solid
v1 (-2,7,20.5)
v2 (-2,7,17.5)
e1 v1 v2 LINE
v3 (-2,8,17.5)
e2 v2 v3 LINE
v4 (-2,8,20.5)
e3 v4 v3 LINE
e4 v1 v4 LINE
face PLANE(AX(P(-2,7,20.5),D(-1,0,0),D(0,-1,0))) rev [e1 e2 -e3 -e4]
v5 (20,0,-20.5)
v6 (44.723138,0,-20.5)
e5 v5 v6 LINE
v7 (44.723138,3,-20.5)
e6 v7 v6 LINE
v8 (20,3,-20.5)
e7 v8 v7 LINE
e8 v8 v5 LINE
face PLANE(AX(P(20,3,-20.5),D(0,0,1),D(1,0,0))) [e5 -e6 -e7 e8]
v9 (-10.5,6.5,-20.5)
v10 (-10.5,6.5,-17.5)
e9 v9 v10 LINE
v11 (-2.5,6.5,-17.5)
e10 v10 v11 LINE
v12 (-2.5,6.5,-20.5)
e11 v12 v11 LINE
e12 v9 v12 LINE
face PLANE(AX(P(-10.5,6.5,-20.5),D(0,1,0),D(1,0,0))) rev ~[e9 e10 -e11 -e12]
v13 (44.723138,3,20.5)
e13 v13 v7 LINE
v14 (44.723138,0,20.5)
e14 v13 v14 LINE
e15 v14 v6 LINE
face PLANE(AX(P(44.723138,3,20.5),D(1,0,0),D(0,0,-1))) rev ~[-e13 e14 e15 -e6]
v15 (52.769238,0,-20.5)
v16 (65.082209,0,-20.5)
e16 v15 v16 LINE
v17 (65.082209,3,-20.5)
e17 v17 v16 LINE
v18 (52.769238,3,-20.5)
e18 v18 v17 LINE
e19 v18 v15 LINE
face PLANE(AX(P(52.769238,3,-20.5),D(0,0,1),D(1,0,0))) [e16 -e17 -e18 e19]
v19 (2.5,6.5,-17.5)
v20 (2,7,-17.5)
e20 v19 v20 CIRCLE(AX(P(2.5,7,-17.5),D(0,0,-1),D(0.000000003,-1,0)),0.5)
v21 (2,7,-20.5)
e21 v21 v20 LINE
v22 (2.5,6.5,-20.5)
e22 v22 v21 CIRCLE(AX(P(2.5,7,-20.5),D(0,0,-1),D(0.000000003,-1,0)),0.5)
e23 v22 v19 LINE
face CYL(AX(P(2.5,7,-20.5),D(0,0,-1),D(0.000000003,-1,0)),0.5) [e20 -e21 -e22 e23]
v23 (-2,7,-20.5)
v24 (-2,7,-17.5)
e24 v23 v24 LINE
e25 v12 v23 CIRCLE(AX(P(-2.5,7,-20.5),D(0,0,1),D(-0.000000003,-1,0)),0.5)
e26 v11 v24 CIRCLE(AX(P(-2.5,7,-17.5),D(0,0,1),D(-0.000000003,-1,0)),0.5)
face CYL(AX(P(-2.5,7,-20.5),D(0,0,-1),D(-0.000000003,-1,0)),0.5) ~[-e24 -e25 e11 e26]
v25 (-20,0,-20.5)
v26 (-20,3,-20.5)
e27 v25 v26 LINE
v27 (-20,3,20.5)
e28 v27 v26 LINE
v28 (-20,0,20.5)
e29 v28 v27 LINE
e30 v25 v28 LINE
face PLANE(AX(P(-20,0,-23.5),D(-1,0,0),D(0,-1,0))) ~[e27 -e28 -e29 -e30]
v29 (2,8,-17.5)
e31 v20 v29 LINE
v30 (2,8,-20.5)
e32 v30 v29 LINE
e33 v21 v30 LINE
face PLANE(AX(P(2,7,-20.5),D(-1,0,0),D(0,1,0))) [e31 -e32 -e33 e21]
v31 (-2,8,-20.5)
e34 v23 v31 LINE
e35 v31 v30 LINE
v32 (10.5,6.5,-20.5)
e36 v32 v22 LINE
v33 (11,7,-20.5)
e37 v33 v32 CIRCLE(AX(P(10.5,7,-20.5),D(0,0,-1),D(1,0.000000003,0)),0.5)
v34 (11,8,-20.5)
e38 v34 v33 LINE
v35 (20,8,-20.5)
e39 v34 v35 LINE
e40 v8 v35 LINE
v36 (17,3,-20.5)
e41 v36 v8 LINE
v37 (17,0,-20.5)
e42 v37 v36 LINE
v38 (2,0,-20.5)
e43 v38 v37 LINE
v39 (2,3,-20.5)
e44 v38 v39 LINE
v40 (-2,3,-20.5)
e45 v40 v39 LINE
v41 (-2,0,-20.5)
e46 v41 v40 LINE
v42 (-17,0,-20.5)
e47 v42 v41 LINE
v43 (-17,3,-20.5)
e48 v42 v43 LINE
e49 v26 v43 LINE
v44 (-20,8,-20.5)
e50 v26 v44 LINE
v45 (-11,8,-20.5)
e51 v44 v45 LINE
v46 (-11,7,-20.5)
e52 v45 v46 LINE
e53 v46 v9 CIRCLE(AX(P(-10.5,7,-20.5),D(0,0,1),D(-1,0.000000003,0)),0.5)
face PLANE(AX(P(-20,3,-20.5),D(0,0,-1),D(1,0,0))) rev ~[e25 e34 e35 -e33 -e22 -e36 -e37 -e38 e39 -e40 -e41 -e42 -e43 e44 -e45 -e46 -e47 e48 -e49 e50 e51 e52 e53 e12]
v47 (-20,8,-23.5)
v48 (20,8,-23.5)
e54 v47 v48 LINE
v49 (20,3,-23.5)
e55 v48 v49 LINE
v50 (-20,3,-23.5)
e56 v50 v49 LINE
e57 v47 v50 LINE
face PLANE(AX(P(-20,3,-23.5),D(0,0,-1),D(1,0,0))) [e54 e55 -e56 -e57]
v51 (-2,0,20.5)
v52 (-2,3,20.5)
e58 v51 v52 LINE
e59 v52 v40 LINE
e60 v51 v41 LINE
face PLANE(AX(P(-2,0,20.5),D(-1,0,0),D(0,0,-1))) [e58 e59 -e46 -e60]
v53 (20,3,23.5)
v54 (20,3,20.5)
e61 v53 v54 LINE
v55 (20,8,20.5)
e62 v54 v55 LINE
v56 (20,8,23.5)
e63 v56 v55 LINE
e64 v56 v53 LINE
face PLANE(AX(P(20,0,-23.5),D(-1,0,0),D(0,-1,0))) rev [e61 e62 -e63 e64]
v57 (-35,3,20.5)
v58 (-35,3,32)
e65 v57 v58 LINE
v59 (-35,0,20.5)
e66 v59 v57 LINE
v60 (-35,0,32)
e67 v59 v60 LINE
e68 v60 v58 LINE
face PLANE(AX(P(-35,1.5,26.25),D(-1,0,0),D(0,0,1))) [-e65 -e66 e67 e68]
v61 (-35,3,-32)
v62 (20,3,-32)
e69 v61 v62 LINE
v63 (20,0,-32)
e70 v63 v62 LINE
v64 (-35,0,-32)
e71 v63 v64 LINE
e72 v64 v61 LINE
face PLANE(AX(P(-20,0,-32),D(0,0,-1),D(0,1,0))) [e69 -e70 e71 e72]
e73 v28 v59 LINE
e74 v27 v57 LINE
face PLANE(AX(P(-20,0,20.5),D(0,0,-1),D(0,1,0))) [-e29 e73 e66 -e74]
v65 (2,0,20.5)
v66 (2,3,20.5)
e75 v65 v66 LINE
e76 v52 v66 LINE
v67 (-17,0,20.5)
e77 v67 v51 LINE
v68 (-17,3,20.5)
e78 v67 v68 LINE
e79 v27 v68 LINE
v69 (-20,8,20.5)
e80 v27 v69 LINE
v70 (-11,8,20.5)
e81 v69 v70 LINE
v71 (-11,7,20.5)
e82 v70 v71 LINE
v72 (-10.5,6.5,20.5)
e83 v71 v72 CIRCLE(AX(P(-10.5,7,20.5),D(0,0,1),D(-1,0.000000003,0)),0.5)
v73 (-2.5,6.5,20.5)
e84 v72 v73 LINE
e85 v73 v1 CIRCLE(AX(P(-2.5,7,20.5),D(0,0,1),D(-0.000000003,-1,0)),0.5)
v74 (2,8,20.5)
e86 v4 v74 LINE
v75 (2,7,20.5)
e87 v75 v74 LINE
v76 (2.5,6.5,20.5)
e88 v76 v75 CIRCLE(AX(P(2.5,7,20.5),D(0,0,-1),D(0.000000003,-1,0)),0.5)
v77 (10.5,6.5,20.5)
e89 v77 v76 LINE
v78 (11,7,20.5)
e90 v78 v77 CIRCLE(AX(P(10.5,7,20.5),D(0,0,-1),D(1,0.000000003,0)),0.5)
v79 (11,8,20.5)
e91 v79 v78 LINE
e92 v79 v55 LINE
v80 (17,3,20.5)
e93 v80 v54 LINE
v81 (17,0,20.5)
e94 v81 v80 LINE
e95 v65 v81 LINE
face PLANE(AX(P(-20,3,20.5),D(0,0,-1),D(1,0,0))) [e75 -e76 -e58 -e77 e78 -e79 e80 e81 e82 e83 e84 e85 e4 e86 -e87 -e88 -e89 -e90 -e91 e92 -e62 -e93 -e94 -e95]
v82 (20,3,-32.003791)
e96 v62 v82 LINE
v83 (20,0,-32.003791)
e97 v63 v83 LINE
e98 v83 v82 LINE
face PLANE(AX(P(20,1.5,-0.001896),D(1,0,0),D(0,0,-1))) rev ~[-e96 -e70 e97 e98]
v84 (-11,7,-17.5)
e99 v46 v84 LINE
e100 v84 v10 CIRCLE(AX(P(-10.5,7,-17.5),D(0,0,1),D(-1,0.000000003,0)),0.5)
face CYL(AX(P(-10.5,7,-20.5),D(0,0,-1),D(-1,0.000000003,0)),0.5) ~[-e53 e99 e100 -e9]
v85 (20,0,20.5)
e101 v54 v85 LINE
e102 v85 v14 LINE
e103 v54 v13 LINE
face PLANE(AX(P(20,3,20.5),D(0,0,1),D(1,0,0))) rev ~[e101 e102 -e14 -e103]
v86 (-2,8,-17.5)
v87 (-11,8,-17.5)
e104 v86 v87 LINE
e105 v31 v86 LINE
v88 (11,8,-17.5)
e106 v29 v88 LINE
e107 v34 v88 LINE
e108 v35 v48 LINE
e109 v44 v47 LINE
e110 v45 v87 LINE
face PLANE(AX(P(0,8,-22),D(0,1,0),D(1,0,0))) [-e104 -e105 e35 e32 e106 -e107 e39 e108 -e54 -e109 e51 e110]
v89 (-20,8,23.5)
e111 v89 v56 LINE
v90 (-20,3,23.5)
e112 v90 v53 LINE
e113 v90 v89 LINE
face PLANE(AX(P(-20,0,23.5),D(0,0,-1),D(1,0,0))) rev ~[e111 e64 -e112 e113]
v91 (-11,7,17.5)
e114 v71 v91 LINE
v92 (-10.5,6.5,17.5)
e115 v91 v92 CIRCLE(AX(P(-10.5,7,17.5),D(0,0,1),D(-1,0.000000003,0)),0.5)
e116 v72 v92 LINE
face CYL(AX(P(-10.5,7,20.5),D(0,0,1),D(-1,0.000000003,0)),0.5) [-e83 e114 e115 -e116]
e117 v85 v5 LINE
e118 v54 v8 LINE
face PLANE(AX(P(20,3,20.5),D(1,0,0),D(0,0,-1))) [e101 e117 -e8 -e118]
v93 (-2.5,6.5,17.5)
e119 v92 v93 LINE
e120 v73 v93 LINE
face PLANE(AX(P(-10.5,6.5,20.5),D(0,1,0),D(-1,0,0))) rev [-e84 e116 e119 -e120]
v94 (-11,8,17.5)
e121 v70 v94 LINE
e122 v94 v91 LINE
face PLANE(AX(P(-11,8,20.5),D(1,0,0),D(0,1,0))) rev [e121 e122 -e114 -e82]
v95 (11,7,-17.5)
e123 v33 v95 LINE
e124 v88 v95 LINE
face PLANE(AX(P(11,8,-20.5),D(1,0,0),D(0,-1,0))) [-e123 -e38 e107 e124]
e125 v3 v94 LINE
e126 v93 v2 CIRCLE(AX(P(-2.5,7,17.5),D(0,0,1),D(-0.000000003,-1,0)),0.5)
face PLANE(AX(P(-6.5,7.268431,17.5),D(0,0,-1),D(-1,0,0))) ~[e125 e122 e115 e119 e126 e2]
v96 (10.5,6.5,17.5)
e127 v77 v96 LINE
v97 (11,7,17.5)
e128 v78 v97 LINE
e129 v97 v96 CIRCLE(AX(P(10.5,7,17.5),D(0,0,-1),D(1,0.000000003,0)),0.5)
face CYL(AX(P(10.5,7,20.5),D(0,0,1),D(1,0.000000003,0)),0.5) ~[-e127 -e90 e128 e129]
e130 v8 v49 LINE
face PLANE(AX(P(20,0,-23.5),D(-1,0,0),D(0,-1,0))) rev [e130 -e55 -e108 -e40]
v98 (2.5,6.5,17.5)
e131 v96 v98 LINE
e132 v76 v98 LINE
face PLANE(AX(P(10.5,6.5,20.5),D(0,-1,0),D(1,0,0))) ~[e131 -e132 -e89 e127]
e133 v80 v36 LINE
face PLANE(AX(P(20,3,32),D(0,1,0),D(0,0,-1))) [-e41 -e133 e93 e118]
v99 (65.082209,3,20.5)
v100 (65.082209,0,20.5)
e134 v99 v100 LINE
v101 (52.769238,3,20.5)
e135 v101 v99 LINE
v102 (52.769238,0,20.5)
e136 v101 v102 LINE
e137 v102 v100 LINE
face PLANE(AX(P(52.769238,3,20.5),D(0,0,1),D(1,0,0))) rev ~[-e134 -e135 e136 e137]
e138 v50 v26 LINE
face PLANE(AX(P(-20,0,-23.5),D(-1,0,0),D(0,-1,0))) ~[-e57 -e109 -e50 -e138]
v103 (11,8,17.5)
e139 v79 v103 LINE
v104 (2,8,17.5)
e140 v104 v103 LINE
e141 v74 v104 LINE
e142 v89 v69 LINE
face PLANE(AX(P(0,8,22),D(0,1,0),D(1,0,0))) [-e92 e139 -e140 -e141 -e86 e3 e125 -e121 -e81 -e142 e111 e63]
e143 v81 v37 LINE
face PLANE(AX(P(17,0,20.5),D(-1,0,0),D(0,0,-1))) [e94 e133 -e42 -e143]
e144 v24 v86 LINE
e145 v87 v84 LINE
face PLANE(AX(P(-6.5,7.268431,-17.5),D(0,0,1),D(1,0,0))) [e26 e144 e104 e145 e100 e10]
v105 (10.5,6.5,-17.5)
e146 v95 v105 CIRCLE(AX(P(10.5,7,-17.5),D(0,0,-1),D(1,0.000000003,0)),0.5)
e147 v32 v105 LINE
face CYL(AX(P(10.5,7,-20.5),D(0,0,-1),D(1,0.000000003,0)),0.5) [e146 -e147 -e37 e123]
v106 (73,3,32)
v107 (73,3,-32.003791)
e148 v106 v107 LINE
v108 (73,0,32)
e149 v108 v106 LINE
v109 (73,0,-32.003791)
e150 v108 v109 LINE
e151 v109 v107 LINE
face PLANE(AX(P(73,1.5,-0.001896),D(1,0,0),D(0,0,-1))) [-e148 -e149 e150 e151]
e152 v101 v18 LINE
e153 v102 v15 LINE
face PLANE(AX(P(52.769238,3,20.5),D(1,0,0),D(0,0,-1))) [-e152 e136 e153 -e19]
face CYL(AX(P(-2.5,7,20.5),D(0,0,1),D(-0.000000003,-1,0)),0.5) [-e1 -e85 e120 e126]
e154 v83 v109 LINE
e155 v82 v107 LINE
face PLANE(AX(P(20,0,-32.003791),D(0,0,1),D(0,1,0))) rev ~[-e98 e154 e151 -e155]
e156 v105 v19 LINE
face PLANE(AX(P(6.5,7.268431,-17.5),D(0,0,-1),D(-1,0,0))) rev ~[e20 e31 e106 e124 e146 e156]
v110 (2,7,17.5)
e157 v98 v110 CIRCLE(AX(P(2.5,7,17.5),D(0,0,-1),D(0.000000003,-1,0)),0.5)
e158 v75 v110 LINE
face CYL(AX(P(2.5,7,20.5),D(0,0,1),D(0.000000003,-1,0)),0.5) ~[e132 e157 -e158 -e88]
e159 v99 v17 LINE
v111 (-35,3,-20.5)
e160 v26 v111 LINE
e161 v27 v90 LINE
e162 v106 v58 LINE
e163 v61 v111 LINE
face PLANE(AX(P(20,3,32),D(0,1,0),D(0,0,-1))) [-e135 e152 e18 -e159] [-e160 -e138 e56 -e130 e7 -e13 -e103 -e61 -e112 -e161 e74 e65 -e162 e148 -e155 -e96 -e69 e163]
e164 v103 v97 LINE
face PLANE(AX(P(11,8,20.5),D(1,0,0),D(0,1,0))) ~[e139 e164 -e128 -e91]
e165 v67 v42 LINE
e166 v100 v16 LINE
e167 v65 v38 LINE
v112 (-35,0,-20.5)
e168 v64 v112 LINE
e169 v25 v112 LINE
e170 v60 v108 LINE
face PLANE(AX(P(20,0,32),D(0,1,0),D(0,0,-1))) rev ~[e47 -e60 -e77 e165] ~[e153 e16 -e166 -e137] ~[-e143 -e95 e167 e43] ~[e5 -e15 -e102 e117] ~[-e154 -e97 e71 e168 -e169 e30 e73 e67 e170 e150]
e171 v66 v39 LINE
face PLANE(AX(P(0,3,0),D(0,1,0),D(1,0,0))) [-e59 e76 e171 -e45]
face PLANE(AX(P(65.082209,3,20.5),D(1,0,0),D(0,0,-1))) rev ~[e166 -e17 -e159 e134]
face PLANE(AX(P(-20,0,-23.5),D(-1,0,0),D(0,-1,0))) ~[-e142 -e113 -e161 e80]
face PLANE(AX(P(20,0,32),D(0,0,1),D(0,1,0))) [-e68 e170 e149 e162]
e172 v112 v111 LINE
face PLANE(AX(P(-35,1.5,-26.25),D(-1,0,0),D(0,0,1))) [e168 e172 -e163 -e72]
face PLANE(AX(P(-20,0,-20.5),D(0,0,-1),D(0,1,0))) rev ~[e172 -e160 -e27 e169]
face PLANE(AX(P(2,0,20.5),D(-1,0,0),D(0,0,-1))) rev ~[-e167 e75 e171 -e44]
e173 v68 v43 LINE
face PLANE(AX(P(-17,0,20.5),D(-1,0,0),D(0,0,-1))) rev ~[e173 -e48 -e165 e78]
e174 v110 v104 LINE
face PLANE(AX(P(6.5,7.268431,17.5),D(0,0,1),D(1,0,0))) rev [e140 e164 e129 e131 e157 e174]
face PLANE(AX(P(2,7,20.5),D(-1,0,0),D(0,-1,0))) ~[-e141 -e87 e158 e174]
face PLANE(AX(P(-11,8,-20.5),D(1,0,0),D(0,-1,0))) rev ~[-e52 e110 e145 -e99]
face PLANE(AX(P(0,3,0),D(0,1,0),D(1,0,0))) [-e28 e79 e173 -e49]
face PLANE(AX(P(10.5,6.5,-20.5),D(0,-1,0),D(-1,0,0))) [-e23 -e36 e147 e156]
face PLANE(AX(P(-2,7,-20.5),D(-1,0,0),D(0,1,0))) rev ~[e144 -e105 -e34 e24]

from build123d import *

# Parameters (mm, degrees)
CROQUIS1_W              = 40
CROQUIS1_H              = 47
CROQUIS1_W_2            = 15
CROQUIS1_H_2            = 41
SALIENTE_EXTRUIR1_DEPTH = 3
CROQUIS3_W              = 40
CROQUIS3_H              = 3
SALIENTE_EXTRUIR2_DEPTH = 5
SALIENTE_EXTRUIR3_DEPTH = 3
CROQUIS6_W              = 40
CROQUIS6_H              = 3
SALIENTE_EXTRUIR4_DEPTH = 8.5
CROQUIS7_W              = 11.5
CROQUIS7_H              = 3
SALIENTE_EXTRUIR5_DEPTH = 15
CROQUIS8_W              = 64.003791446
CROQUIS8_H              = 3
SALIENTE_EXTRUIR7_DEPTH = 53
CROQUIS9_W              = 24.723137679
CROQUIS9_H              = 41
CROQUIS9_W_2            = 12.312971116
CORTAR_EXTRUIR1_DEPTH   = 53


with BuildPart() as part:
    # Croquis1 → Saliente-Extruir1 (new body)
    with BuildSketch(Plane(origin=(0, 0, 0), x_dir=(1, 0, 0), z_dir=(0, 1, 0))):
        Rectangle(CROQUIS1_W, CROQUIS1_H)
        with Locations((-9.5, 0)):
            Rectangle(CROQUIS1_W_2, CROQUIS1_H_2, mode=Mode.SUBTRACT)
        with Locations((9.5, 0)):
            Rectangle(CROQUIS1_W_2, CROQUIS1_H_2, mode=Mode.SUBTRACT)
    extrude(amount=SALIENTE_EXTRUIR1_DEPTH)

    # Croquis3 → Saliente-Extruir2 (add)
    with BuildSketch(Plane(origin=(0, 3, 0), x_dir=(1, 0, 0), z_dir=(0, 1, 0))):
        with Locations((0, 22)):
            Rectangle(CROQUIS3_W, CROQUIS3_H)
        with Locations((0, -22)):
            Rectangle(CROQUIS3_W, CROQUIS3_H)
    extrude(amount=SALIENTE_EXTRUIR2_DEPTH)

    # Croquis5 → Saliente-Extruir3 (add)
    with BuildSketch(Plane.XY.offset(-20.5)):
        with BuildLine():
            Line((-10.5, 6.5), (-2.5, 6.5))
            ThreePointArc((-2.5, 6.5), (-2.146446609, 6.646446609), (-2, 7))
            Line((-2, 7), (-2, 8))
            Line((-2, 8), (-11, 8))
            Line((-11, 8), (-11, 7))
            ThreePointArc((-11, 7), (-10.853553391, 6.646446609), (-10.5, 6.5))
        make_face()
        with BuildLine():
            Line((2, 7), (2, 8))
            Line((2, 8), (11, 8))
            Line((11, 8), (11, 7))
            ThreePointArc((11, 7), (10.853553391, 6.646446609), (10.5, 6.5))
            Line((10.5, 6.5), (2.5, 6.5))
            ThreePointArc((2.5, 6.5), (2.146446609, 6.646446609), (2, 7))
        make_face()
    saliente_extruir3 = extrude(amount=SALIENTE_EXTRUIR3_DEPTH)

    # Simetría3: Saliente-Extruir3 across plane
    add(saliente_extruir3.mirror(Plane.XY))

    # Croquis6 → Saliente-Extruir4 (add)
    with BuildSketch(Plane.XY.offset(23.5)):
        with Locations((0, 1.5)):
            Rectangle(CROQUIS6_W, CROQUIS6_H)
    saliente_extruir4 = extrude(amount=SALIENTE_EXTRUIR4_DEPTH)

    # Simetría4: Saliente-Extruir4 across plane
    add(saliente_extruir4.mirror(Plane.XY))

    # Croquis7 → Saliente-Extruir5 (add)
    with BuildSketch(Plane.ZY.offset(20)):
        with Locations((-26.25, 1.5)):
            Rectangle(CROQUIS7_W, CROQUIS7_H)
        with Locations((26.25, 1.5)):
            Rectangle(CROQUIS7_W, CROQUIS7_H)
    extrude(amount=SALIENTE_EXTRUIR5_DEPTH)

    # Croquis8 → Saliente-Extruir7 (add)
    with BuildSketch(Plane(origin=(20, 0, 0), x_dir=(0, 0, -1), z_dir=(1, 0, 0))):
        with Locations((0.001895723, 1.5)):
            Rectangle(CROQUIS8_W, CROQUIS8_H)
    extrude(amount=SALIENTE_EXTRUIR7_DEPTH)

    # Croquis9 → Cortar-Extruir1 (cut)
    with BuildSketch(Plane(origin=(0, 3, 0), x_dir=(1, 0, 0), z_dir=(0, 1, 0))):
        with Locations((32.36156884, 0)):
            Rectangle(CROQUIS9_W, CROQUIS9_H)
        with Locations((58.925723175, 0)):
            Rectangle(CROQUIS9_W_2, CROQUIS9_H)
    extrude(amount=-CORTAR_EXTRUIR1_DEPTH, mode=Mode.SUBTRACT)


solid = part.part
